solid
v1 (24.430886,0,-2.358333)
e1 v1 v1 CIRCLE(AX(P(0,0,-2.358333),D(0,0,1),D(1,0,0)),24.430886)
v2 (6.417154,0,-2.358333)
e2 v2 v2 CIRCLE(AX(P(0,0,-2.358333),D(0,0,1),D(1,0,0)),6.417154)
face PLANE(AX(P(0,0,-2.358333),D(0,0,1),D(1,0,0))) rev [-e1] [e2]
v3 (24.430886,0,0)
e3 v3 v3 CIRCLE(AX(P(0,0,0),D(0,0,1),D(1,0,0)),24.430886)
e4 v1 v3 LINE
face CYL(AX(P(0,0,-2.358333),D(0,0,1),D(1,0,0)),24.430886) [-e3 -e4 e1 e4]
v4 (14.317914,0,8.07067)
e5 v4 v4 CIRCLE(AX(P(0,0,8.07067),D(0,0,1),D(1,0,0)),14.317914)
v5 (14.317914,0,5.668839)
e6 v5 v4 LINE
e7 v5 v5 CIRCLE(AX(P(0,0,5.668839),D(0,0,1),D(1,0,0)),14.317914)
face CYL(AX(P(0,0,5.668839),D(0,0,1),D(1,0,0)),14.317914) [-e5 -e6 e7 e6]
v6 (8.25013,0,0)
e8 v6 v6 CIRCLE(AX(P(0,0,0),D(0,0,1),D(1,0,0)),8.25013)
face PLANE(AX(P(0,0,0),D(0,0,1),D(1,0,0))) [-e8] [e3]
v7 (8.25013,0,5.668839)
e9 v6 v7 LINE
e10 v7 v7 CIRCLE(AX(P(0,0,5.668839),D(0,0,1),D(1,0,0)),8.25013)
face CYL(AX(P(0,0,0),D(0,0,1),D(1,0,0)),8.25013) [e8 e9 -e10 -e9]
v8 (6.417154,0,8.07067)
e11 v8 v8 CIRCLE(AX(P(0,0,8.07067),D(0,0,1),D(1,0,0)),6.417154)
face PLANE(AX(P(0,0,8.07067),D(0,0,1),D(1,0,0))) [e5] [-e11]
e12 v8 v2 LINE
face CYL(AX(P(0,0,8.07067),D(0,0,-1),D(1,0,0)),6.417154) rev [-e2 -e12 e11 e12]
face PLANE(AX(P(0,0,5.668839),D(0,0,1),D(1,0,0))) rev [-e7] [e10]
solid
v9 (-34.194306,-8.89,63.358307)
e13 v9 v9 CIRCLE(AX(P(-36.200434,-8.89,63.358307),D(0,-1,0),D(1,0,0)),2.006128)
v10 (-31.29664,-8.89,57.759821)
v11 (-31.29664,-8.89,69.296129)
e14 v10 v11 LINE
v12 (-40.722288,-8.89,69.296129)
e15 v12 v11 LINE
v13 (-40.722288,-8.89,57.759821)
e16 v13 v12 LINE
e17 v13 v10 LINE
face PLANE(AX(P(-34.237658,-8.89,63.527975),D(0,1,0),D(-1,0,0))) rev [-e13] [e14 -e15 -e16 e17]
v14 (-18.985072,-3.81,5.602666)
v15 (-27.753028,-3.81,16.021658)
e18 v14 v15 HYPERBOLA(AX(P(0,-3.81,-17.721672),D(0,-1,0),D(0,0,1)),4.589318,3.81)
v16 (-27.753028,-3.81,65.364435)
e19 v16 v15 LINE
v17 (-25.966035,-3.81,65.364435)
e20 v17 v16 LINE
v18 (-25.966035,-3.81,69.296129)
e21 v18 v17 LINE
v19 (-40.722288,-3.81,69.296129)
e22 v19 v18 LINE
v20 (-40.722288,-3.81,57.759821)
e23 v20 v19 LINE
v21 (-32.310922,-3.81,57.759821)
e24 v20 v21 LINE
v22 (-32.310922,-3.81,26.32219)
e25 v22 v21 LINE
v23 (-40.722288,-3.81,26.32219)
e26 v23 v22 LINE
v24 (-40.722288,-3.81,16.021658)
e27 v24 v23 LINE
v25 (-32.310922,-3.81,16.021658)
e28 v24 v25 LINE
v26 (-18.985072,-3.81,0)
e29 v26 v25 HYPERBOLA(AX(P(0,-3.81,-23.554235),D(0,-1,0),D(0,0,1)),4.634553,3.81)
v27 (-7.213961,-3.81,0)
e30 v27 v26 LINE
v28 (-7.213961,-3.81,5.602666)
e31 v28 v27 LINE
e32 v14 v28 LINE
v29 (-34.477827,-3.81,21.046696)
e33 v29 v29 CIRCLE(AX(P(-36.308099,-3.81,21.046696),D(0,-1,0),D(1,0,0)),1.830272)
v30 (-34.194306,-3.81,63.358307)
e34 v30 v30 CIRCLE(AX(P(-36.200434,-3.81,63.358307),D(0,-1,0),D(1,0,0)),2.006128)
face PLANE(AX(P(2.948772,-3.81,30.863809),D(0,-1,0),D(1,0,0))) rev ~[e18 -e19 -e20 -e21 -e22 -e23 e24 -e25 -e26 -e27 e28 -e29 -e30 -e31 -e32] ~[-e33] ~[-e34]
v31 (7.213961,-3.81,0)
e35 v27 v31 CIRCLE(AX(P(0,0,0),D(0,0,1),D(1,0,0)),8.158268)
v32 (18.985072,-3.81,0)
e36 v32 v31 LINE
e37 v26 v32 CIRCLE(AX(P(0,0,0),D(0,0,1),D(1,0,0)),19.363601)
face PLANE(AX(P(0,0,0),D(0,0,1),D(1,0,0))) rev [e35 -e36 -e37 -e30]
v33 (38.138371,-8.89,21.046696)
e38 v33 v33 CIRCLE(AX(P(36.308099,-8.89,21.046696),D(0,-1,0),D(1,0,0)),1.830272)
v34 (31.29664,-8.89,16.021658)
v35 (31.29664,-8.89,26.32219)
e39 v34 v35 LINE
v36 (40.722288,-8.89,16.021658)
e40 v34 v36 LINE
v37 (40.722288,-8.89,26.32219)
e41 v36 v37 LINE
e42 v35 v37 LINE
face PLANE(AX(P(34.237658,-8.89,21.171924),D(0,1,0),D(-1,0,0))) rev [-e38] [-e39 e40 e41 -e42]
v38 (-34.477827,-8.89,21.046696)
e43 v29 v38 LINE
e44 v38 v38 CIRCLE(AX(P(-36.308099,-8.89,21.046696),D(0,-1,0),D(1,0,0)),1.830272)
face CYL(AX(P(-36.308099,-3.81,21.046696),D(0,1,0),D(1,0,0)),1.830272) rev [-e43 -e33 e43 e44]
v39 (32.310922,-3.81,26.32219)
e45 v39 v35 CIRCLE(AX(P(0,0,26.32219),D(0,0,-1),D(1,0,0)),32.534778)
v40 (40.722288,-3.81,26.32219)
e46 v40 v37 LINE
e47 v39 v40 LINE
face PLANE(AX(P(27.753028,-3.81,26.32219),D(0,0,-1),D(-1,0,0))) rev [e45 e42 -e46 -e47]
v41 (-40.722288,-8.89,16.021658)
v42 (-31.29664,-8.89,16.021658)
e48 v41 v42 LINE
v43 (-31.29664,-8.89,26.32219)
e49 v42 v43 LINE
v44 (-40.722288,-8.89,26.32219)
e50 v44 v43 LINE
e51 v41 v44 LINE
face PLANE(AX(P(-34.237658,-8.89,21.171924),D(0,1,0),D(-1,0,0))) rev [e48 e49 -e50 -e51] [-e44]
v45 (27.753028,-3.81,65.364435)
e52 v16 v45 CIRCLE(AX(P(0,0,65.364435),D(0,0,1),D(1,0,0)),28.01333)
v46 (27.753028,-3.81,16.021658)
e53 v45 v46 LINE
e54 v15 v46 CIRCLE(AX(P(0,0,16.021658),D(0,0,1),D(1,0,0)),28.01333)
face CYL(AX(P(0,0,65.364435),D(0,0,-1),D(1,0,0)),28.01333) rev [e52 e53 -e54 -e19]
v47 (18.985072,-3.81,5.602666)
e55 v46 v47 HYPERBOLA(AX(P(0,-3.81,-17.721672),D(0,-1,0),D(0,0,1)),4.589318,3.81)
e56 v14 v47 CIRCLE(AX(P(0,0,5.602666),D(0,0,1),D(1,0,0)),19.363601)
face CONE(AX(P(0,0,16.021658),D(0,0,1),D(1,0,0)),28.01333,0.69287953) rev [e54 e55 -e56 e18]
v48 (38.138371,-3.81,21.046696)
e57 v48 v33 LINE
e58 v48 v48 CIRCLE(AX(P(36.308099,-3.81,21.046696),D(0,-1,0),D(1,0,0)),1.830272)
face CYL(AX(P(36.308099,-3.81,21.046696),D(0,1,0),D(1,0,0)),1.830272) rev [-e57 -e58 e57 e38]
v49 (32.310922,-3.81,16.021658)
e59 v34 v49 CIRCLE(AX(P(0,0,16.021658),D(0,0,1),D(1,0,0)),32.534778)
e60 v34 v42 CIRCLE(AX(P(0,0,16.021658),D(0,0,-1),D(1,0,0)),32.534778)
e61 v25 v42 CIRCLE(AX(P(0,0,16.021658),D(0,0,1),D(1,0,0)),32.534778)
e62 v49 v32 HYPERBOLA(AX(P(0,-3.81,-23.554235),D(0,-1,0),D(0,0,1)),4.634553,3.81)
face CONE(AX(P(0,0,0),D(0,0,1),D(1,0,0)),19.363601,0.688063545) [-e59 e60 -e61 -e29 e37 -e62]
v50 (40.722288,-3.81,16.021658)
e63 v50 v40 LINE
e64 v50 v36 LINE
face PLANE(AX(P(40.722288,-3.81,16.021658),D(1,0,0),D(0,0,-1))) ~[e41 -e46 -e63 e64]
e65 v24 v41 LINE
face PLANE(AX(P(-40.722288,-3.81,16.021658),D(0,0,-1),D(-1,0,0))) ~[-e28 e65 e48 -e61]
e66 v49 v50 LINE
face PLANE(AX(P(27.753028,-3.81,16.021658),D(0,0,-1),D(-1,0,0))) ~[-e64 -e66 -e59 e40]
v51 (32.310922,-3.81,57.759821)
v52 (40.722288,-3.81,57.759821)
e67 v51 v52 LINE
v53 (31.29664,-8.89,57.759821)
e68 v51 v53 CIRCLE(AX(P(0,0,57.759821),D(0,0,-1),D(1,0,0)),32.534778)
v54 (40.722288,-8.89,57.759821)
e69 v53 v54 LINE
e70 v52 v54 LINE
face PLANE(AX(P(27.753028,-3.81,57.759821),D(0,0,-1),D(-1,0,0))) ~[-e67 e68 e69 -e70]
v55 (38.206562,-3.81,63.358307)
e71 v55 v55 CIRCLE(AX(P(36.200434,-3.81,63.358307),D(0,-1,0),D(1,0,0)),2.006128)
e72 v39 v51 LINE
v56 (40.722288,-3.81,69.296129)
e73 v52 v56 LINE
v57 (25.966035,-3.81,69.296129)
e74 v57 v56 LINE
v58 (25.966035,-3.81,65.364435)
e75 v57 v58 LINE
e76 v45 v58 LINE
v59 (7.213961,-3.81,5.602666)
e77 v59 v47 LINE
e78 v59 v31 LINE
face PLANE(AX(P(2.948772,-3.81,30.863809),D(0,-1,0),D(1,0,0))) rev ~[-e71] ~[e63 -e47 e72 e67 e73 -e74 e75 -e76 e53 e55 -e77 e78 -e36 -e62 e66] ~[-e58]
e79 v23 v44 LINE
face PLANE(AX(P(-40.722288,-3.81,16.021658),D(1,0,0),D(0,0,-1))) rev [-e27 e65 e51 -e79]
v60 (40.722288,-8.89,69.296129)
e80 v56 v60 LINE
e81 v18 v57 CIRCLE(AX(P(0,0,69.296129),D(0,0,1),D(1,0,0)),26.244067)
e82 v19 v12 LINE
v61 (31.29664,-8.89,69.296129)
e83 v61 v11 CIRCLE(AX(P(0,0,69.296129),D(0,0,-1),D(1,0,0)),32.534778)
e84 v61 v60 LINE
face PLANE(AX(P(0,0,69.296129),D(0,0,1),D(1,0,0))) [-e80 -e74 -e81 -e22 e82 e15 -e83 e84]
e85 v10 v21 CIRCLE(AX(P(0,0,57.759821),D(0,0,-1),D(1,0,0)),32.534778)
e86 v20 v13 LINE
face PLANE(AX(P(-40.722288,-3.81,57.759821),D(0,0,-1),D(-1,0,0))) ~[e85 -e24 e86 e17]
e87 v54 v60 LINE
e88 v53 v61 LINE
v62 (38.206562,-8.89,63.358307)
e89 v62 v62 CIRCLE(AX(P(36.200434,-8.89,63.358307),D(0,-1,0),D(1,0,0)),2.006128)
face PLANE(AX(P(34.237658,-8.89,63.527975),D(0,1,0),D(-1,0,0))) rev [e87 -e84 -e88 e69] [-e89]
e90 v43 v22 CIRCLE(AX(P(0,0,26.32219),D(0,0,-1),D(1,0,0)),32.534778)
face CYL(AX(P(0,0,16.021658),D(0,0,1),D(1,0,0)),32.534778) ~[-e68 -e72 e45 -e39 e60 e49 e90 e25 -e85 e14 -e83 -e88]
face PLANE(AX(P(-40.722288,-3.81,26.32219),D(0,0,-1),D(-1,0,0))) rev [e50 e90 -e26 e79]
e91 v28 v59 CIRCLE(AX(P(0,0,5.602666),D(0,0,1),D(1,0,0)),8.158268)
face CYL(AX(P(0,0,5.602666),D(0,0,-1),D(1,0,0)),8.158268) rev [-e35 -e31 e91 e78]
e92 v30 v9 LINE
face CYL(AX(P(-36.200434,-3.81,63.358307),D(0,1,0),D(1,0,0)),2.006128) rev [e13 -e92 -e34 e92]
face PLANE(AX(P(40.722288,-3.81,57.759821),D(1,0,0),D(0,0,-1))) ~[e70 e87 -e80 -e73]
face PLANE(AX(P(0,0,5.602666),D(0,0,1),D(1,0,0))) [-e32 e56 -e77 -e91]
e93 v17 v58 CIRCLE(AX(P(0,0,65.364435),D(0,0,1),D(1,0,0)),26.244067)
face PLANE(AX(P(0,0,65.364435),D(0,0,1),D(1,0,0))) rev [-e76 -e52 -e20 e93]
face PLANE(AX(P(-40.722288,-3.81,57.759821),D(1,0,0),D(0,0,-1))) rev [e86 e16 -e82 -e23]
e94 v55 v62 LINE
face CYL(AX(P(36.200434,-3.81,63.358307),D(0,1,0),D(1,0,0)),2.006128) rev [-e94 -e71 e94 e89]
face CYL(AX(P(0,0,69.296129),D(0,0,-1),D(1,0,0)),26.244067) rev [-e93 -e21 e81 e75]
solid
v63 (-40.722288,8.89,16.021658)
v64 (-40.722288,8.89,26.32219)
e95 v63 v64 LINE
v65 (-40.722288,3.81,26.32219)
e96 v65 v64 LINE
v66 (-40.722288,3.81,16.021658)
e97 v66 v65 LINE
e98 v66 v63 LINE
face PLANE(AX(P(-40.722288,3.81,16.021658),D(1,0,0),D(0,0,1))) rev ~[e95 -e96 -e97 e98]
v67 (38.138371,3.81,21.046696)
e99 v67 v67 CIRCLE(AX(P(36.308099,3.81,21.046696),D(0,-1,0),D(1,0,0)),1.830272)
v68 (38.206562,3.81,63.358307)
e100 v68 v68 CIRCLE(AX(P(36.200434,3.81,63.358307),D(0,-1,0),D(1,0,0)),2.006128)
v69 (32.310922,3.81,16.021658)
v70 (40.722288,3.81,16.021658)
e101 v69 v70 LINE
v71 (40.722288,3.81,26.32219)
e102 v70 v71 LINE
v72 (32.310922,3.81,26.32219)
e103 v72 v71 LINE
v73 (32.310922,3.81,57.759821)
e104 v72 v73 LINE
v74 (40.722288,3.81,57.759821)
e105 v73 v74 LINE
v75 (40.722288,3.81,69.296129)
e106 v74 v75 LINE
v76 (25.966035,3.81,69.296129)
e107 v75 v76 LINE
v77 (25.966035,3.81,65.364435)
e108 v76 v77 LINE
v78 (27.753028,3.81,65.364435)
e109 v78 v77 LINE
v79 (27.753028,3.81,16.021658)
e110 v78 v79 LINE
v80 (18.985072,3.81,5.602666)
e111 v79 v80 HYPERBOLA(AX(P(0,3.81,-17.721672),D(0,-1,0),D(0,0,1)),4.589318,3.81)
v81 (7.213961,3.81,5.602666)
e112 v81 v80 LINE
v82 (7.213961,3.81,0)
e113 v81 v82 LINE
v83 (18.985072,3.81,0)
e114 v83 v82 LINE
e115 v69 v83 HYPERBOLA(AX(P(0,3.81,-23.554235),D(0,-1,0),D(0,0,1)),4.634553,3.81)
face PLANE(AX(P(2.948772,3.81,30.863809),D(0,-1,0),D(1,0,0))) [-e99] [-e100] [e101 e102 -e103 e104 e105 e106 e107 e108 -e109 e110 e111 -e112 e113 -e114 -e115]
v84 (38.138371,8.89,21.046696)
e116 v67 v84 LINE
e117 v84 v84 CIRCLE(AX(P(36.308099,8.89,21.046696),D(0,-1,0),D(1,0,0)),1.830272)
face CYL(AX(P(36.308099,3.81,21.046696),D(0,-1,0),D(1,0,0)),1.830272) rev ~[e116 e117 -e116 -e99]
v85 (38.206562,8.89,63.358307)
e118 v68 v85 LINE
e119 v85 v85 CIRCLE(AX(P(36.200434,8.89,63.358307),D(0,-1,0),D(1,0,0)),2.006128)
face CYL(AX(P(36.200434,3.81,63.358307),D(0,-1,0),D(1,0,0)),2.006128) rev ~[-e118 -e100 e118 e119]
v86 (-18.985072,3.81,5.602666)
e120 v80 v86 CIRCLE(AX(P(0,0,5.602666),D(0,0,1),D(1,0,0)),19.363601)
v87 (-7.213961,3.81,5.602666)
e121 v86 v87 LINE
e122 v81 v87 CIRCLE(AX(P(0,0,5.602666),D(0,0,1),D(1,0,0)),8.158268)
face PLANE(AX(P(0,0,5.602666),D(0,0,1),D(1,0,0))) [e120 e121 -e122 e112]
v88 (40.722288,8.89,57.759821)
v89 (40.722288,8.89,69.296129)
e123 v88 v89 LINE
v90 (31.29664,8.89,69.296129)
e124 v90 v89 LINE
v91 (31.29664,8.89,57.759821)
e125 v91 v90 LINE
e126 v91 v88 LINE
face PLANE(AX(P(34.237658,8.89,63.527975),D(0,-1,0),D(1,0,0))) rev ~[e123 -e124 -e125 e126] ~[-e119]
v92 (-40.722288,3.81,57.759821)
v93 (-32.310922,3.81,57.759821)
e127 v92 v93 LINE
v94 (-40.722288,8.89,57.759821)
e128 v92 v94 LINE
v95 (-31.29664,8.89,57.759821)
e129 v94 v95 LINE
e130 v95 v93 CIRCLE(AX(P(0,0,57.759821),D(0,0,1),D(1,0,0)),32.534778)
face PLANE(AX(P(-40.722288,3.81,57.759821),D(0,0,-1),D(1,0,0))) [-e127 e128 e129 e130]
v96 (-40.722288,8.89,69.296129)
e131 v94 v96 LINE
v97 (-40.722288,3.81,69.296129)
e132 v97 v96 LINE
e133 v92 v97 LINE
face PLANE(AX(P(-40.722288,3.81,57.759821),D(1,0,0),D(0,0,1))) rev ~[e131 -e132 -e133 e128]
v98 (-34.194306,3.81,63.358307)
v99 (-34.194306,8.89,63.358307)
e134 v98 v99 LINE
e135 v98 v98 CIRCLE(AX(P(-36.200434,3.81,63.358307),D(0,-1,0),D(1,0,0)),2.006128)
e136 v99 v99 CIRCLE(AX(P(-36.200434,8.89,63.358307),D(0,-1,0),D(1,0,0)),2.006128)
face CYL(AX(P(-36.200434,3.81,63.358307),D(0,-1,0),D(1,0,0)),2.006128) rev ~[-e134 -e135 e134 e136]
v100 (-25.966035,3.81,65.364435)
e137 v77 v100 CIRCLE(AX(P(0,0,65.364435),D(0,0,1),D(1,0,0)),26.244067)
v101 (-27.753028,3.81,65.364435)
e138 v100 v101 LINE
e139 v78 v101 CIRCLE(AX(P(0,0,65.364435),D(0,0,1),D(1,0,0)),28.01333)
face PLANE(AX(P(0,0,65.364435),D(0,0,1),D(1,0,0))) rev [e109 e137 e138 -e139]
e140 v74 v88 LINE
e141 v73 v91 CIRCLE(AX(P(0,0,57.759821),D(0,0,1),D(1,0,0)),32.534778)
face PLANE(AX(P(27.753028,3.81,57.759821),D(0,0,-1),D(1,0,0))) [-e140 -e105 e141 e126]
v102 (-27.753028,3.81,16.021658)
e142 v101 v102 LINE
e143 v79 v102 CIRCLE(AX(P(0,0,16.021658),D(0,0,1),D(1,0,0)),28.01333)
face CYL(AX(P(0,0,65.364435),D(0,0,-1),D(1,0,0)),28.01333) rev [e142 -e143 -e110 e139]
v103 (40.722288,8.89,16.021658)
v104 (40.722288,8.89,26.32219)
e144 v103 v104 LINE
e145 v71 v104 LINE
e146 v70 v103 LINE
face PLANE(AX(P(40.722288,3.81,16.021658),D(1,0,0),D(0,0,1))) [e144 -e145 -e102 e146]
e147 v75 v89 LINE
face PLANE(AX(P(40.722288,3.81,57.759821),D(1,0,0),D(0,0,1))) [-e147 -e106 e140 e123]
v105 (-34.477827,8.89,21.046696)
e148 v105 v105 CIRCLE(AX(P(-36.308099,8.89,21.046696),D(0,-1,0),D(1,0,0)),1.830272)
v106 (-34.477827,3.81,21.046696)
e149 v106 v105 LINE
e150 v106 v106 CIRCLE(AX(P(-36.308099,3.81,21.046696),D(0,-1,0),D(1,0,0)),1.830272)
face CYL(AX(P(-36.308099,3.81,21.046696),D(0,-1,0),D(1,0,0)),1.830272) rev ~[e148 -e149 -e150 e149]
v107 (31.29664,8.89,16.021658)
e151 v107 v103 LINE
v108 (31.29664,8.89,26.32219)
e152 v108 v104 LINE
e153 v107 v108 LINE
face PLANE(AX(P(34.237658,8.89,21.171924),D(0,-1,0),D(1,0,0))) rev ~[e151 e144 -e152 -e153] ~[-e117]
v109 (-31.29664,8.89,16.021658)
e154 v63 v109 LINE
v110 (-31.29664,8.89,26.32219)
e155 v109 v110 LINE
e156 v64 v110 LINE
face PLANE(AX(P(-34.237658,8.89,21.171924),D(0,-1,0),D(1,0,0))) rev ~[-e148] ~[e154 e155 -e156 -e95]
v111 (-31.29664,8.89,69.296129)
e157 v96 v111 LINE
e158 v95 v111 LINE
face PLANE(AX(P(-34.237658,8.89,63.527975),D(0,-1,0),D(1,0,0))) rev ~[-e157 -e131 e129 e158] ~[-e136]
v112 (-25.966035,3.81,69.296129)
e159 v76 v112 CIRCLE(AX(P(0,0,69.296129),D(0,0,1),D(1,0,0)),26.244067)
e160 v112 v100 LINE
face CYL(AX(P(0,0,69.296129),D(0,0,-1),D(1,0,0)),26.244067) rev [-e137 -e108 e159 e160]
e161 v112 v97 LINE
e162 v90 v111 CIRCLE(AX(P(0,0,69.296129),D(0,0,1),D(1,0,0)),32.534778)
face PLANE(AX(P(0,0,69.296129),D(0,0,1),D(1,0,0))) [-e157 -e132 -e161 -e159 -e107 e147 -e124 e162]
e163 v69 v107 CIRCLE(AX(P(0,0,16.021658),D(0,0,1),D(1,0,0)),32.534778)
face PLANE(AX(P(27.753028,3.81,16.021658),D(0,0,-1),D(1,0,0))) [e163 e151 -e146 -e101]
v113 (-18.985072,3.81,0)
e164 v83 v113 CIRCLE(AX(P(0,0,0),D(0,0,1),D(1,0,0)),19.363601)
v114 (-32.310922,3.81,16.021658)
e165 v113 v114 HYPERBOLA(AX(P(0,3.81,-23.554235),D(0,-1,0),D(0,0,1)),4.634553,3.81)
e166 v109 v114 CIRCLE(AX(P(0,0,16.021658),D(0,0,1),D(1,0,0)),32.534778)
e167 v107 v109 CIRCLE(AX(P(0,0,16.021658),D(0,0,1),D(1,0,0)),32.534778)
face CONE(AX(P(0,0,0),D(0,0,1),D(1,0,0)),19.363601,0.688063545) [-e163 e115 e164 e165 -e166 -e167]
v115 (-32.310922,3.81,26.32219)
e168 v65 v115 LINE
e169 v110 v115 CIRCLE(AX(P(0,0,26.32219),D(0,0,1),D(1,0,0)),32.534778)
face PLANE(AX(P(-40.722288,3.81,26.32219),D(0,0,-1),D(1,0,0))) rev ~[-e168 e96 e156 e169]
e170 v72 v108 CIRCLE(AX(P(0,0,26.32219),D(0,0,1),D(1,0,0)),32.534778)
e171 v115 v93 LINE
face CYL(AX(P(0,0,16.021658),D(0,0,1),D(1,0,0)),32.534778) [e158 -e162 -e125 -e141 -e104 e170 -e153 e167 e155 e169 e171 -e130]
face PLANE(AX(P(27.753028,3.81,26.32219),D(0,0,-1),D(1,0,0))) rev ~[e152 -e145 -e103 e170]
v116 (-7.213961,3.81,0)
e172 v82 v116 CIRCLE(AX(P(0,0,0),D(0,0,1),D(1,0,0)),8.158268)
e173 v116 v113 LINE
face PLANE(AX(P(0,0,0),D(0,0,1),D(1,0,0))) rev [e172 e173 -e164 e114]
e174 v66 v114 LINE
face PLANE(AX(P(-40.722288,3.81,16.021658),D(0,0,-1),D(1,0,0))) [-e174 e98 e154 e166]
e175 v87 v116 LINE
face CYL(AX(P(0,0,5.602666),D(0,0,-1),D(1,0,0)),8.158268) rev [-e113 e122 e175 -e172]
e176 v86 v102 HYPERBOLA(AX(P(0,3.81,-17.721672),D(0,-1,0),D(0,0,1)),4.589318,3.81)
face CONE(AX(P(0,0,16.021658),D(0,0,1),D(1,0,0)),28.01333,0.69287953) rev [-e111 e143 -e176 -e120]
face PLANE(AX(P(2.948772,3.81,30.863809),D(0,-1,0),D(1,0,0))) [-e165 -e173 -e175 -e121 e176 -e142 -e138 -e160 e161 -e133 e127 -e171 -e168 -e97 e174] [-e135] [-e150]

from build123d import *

# Parameters (mm, degrees)
F2_W     = 82.369022
F2_H     = 85.514376
F3_DEPTH = 3.81
F4_W     = 12.96926
F4_H     = 10.300532
F4_R     = 1.830272
F4_H_2   = 11.536308
F4_R_2   = 2.006128
F5_DEPTH = 5.08


with BuildPart() as f1:
    # F0 (on Front) → F1 (revolve)
    with BuildSketch(Plane.XZ):
        Polygon((8.158268, 0), (19.363601, 0), (32.534778, 16.021658), (32.534778, 69.296129), (26.244067, 69.296129), (26.244067, 65.364435), (28.01333, 65.364435), (28.01333, 16.021658), (19.363601, 5.602666), (8.158268, 5.602666), align=None)
    revolve(axis=Axis((0, 0, 31.502709), (0, 0, 1)))

    # F2 (on Front) → F3 (cut, symmetric)
    with BuildSketch(Plane.XZ):
        with Locations((2.948772, 30.863809)):
            Rectangle(F2_W, F2_H)
    extrude(amount=F3_DEPTH, both=True, mode=Mode.SUBTRACT)

    # F4 (on face) → F5 (join)
    with BuildSketch(Plane.XZ.offset(-3.81)):
        with Locations((34.237658, 21.171924)):
            Rectangle(F4_W, F4_H)
        with Locations((36.308099, 21.046696)):
            Circle(F4_R, mode=Mode.SUBTRACT)
        with Locations((34.237658, 63.527975)):
            Rectangle(F4_W, F4_H_2)
        with Locations((36.200434, 63.358307)):
            Circle(F4_R_2, mode=Mode.SUBTRACT)
        with Locations((-34.237658, 63.527975)):
            Rectangle(F4_W, F4_H_2)
        with Locations((-36.200434, 63.358307)):
            Circle(F4_R_2, mode=Mode.SUBTRACT)
        with Locations((-34.237658, 21.171924)):
            Rectangle(F4_W, F4_H)
        with Locations((-36.308099, 21.046696)):
            Circle(F4_R, mode=Mode.SUBTRACT)
    extrude(amount=-F5_DEPTH)

    # F6: F1 across plane


with BuildPart() as f1_1:
    add(f1.part)
    add(f1.part.mirror(Plane.XZ))


with BuildPart() as f8:
    # F7 (on Front) → F8 (revolve)
    with BuildSketch(Plane.XZ):
        Polygon((8.25013, 0), (8.25013, 5.668839), (14.317914, 5.668839), (14.317914, 8.07067), (6.417154, 8.07067), (6.417154, -2.358333), (24.430886, -2.358333), (24.430886, 0), align=None)
    revolve(axis=Axis((0, 0, 31.502709), (0, 0, 1)))


solid = Compound([f1_1.part, f8.part])
